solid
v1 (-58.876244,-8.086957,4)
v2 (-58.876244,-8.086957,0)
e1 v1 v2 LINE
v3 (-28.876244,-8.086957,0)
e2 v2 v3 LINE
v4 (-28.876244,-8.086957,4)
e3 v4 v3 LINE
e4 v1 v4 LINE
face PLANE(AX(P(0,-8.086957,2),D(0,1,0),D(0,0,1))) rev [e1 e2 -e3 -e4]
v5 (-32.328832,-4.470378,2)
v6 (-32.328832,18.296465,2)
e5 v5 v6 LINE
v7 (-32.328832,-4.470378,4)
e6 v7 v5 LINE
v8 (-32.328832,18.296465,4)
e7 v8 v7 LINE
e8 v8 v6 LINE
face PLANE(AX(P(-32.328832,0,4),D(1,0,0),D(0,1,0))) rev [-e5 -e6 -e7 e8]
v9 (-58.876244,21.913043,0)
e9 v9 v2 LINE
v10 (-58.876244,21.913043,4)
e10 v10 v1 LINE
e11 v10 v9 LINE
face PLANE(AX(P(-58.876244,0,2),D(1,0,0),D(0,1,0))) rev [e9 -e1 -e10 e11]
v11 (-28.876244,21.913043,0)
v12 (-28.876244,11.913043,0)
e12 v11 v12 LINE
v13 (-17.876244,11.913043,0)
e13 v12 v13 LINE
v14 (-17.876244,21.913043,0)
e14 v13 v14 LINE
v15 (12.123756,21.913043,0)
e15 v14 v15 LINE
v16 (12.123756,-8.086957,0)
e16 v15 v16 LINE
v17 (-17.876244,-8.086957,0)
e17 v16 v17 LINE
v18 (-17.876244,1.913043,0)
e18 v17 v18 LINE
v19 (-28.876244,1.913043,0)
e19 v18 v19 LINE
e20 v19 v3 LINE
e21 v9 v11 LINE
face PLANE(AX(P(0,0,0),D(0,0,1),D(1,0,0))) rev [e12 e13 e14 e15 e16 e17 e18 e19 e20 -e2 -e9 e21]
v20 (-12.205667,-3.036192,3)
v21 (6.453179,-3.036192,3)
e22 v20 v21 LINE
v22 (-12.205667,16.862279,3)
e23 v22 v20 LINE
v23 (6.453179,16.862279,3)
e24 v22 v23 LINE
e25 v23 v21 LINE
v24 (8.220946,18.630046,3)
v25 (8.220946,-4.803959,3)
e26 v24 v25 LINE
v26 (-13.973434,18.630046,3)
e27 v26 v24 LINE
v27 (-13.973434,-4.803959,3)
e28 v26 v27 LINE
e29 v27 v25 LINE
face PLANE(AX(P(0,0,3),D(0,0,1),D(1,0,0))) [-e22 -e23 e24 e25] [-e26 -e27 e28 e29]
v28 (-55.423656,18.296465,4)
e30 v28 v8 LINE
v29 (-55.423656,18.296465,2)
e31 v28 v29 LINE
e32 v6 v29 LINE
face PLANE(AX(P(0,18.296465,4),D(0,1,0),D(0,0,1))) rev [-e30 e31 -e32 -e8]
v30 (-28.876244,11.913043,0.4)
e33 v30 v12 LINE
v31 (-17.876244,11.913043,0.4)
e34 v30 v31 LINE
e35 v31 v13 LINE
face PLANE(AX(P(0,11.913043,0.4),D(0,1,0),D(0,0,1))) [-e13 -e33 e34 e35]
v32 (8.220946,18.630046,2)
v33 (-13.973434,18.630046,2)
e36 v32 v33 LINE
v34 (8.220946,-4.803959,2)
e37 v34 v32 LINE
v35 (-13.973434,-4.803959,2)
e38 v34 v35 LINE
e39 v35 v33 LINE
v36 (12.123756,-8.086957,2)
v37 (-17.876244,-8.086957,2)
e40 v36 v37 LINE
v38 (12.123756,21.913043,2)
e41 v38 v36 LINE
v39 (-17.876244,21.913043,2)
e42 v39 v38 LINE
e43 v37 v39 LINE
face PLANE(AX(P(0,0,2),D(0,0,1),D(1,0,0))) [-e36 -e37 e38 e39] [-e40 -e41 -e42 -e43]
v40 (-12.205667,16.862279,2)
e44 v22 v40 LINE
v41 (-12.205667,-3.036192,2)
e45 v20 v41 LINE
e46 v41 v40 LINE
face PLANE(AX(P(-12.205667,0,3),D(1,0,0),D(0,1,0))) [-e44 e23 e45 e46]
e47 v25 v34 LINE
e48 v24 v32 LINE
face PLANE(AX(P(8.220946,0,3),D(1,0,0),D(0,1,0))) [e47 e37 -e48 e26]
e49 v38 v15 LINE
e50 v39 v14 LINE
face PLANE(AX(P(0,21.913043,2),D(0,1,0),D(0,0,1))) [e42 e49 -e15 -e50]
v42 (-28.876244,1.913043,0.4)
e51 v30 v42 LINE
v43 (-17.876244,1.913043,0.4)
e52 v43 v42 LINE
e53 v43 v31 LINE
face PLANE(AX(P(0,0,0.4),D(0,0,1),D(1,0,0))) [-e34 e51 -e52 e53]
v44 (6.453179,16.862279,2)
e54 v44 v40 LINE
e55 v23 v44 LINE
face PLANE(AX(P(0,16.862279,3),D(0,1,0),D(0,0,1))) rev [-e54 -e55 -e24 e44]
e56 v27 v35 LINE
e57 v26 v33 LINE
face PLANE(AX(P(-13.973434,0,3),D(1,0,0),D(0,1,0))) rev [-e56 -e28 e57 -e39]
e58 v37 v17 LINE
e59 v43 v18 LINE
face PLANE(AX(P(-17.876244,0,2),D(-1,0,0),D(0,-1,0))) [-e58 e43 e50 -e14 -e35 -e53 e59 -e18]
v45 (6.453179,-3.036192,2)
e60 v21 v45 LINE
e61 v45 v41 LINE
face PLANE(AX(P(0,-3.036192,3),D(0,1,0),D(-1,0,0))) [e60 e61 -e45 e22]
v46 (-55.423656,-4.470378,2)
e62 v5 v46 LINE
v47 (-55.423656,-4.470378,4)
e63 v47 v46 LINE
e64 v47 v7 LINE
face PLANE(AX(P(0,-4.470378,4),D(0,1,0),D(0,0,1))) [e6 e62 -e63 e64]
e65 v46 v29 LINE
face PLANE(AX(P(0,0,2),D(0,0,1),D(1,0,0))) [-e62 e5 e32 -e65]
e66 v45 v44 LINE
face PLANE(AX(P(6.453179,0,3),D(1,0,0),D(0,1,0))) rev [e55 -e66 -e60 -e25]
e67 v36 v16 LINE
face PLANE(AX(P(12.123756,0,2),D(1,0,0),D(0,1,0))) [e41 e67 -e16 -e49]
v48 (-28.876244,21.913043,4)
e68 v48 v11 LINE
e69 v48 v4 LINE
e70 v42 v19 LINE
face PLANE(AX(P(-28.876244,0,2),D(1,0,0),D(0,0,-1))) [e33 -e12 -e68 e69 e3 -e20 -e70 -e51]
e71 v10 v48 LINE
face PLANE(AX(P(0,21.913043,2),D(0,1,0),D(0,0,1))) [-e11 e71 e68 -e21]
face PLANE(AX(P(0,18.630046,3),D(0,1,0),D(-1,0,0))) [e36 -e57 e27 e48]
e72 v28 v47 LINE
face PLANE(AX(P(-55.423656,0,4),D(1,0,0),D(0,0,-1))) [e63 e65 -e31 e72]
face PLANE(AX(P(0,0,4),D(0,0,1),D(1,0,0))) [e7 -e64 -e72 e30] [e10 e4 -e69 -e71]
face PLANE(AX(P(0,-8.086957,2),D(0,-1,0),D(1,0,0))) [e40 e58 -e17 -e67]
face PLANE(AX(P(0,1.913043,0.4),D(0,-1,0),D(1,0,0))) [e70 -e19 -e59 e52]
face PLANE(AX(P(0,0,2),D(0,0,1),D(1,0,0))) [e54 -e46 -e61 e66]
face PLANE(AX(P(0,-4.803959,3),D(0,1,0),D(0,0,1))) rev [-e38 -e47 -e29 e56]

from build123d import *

# Parameters (mm, degrees)
SKETCH1_W             = 30
SKETCH1_H             = 30
BOSS_EXTRUDE1_DEPTH   = 2
BOSS_EXTRUDE1_2_DEPTH = 2
SKETCH1_3_W           = 30
SKETCH1_3_H           = 30
SKETCH1_3_W_2         = 23.094824398
SKETCH1_3_H_2         = 22.76684371
BOSS_EXTRUDE2_DEPTH   = 4
SKETCH1_4_W           = 22.194379656
SKETCH1_4_H           = 23.434004946
SKETCH1_4_W_2         = 18.65884575
SKETCH1_4_H_2         = 19.89847104
BOSS_EXTRUDE3_DEPTH   = 3
SKETCH1_5_W           = 11
SKETCH1_5_H           = 10
BOSS_EXTRUDE4_DEPTH   = 0.4


with BuildPart() as part:
    # Sketch1 → Boss-Extrude1 (new body)
    with BuildSketch(Plane.XY):
        with Locations((-43.876243767, 6.913043478)):
            Rectangle(SKETCH1_W, SKETCH1_H)
    extrude(amount=BOSS_EXTRUDE1_DEPTH)

    # Sketch1<3> → Boss-Extrude2 (add)
    with BuildSketch(Plane.XY):
        with Locations((-43.876243767, 6.913043478)):
            Rectangle(SKETCH1_3_W, SKETCH1_3_H)
        with Locations((-43.876243767, 6.913043478)):
            Rectangle(SKETCH1_3_W_2, SKETCH1_3_H_2, mode=Mode.SUBTRACT)
    extrude(amount=BOSS_EXTRUDE2_DEPTH)



with BuildPart() as body_2:
    # Sketch1 → Boss-Extrude1 2 (new body)
    with BuildSketch(Plane.XY):
        with Locations((-2.876243767, 6.913043478)):
            Rectangle(SKETCH1_W, SKETCH1_H)
    extrude(amount=BOSS_EXTRUDE1_2_DEPTH)

    # Sketch1<4> → Boss-Extrude3 (add)
    with BuildSketch(Plane.XY):
        with Locations((-2.876243767, 6.913043478)):
            Rectangle(SKETCH1_4_W, SKETCH1_4_H)
        with Locations((-2.876243767, 6.913043478)):
            Rectangle(SKETCH1_4_W_2, SKETCH1_4_H_2, mode=Mode.SUBTRACT)
    extrude(amount=BOSS_EXTRUDE3_DEPTH)


with BuildPart() as part_1:
    add(part.part)

    add(body_2.part)  # Boss-Extrude4 merges body 2
    # Sketch1<5> → Boss-Extrude4 (add)
    with BuildSketch(Plane.XY):
        with Locations((-23.376243767, 6.913043478)):
            Rectangle(SKETCH1_5_W, SKETCH1_5_H)
    extrude(amount=BOSS_EXTRUDE4_DEPTH)


solid = part_1.part
